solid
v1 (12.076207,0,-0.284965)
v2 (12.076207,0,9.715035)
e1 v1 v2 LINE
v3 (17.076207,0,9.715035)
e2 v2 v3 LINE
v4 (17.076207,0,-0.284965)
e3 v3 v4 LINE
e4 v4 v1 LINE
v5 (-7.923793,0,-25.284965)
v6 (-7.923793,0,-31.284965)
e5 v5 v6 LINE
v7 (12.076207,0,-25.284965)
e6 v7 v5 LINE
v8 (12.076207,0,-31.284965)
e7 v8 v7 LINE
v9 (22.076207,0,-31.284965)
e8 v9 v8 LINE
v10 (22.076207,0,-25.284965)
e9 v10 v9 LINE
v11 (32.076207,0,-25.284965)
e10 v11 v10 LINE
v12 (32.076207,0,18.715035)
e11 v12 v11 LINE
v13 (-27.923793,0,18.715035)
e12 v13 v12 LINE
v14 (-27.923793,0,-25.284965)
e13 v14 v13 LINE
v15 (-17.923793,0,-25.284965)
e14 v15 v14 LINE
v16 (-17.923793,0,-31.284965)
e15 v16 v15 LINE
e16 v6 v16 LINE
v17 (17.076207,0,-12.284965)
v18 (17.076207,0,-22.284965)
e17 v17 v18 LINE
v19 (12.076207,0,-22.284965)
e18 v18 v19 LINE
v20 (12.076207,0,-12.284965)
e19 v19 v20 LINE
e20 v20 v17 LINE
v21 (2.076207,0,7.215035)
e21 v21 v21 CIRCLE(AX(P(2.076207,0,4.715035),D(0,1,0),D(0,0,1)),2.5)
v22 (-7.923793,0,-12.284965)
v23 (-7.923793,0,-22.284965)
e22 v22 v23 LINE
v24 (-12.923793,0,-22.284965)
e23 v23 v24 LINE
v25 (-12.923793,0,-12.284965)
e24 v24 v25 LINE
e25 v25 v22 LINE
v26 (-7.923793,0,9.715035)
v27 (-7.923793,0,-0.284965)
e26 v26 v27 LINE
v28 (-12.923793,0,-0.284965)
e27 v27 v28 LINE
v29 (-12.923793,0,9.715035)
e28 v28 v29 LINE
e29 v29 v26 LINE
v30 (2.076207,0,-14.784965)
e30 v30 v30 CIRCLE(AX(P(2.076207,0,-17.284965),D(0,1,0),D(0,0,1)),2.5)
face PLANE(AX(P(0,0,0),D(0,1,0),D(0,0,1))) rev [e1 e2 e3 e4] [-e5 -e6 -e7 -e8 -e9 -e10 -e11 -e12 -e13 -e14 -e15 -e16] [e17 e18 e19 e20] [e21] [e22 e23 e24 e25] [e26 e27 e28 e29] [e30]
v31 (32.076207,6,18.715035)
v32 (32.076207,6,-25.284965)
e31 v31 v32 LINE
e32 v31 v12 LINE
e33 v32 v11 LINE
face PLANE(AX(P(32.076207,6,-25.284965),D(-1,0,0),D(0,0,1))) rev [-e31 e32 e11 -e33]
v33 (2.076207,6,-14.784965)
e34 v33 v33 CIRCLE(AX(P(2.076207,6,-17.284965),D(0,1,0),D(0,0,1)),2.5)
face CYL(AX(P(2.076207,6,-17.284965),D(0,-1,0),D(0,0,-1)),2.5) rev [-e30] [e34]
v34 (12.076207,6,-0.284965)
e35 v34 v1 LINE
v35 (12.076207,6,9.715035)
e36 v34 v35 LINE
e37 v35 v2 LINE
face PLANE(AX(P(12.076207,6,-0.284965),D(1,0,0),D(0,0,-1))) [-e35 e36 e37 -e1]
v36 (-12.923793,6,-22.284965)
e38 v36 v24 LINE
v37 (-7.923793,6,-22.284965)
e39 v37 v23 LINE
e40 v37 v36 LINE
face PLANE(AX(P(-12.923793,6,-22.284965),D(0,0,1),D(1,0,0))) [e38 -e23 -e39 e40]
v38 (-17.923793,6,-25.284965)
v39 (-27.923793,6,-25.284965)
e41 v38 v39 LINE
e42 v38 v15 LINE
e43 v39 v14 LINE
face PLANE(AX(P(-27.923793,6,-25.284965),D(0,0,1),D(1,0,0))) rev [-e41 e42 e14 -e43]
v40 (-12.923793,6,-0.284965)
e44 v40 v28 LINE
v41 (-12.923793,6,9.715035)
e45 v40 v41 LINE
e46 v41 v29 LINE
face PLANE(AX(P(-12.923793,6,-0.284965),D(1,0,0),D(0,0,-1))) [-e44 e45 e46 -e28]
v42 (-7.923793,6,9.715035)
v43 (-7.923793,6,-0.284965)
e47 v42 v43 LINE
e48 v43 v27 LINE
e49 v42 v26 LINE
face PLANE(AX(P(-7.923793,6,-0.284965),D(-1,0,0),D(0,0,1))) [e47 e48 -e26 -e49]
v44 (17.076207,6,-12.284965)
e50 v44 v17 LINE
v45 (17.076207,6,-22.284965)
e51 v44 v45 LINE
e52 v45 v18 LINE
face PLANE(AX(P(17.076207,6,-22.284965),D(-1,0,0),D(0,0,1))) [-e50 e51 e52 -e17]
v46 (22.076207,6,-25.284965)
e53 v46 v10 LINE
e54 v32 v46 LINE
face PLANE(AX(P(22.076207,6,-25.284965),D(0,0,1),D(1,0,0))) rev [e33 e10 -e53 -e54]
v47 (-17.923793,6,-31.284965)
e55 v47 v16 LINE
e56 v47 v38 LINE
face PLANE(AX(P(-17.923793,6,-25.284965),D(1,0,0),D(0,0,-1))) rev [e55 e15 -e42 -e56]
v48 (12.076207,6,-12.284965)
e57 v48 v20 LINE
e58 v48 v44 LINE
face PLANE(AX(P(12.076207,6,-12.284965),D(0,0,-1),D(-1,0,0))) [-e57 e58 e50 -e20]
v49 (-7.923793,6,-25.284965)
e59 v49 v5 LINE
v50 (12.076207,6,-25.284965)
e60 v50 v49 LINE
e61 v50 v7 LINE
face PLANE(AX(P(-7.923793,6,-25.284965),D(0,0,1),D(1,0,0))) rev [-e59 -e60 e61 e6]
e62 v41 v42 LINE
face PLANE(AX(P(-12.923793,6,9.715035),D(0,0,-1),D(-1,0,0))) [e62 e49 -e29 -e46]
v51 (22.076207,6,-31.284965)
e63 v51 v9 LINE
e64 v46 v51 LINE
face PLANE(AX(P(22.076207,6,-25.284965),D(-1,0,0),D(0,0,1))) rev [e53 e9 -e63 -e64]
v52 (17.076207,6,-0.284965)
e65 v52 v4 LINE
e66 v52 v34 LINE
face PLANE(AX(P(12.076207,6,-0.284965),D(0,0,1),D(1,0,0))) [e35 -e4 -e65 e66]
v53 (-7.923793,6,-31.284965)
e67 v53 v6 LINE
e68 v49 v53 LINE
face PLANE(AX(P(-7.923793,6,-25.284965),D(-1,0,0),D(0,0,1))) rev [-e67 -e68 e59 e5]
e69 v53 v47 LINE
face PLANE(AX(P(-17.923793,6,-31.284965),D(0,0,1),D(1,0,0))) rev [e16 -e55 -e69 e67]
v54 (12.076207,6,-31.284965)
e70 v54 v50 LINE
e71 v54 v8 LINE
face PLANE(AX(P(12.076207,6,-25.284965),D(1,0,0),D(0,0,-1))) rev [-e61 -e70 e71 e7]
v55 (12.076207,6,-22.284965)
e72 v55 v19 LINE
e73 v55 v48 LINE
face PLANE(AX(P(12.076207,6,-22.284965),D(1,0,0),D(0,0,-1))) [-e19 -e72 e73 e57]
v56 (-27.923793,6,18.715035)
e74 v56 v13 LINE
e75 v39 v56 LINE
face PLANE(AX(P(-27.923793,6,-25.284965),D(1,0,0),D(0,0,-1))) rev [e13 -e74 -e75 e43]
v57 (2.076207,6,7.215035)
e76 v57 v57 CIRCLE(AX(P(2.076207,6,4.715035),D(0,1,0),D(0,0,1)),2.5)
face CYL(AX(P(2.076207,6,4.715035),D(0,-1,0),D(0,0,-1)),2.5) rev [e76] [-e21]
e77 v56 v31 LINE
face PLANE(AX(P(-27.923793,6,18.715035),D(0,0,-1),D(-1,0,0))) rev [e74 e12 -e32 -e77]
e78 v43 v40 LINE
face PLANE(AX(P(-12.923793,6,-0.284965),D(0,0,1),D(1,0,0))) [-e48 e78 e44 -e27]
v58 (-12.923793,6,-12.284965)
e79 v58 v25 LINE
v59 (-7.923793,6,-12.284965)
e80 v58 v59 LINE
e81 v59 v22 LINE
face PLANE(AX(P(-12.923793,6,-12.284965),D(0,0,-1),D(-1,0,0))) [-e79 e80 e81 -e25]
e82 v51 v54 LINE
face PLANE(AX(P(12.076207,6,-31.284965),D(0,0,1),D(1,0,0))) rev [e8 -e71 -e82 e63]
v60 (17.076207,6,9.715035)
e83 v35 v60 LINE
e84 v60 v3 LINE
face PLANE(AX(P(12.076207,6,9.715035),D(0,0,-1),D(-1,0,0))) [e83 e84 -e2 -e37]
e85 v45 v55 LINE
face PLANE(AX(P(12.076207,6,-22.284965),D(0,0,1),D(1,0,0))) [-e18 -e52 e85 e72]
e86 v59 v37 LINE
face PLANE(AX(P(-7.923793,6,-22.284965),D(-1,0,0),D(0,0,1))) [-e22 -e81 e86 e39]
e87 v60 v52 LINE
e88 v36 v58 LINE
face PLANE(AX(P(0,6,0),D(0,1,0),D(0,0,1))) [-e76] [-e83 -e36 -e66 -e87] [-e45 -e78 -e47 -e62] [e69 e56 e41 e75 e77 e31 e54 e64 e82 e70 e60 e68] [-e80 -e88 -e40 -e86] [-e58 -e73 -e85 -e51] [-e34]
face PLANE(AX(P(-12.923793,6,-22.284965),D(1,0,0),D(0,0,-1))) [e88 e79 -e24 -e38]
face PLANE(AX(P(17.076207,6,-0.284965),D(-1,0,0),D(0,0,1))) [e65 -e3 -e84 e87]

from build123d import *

# Parameters (mm, degrees)
SKETCH2_R           = 2.5
SKETCH2_W           = 5
SKETCH2_H           = 10
BOSS_EXTRUDE1_DEPTH = 6


with BuildPart() as part:
    # Sketch2 → Boss-Extrude1 (new body)
    with BuildSketch(Plane(origin=(0, 0, 0), x_dir=(1, 0, 0), z_dir=(0, 1, 0))):
        Polygon((-27.923792882, 25.284964835), (-17.923792882, 25.284964835), (-17.923792882, 31.284964835), (-7.923792882, 31.284964835), (-7.923792882, 25.284964835), (12.076207118, 25.284964835), (12.076207118, 31.284964835), (22.076207118, 31.284964835), (22.076207118, 25.284964835), (32.076207118, 25.284964835), (32.076207118, -18.715035165), (-27.923792882, -18.715035165), align=None)
        with Locations(Location((2.076207118, 17.284964835, 0), (0, 0, 270))):
            Circle(SKETCH2_R, mode=Mode.SUBTRACT)
        with Locations(Location((2.076207118, -4.715035165, 0), (0, 0, 270))):
            Circle(SKETCH2_R, mode=Mode.SUBTRACT)
        with Locations((-10.423792882, -4.715035165)):
            Rectangle(SKETCH2_W, SKETCH2_H, mode=Mode.SUBTRACT)
        with Locations((-10.423792882, 17.284964835)):
            Rectangle(SKETCH2_W, SKETCH2_H, mode=Mode.SUBTRACT)
        with Locations((14.576207118, 17.284964835)):
            Rectangle(SKETCH2_W, SKETCH2_H, mode=Mode.SUBTRACT)
        with Locations((14.576207118, -4.715035165)):
            Rectangle(SKETCH2_W, SKETCH2_H, mode=Mode.SUBTRACT)
    extrude(amount=BOSS_EXTRUDE1_DEPTH)


solid = part.part
